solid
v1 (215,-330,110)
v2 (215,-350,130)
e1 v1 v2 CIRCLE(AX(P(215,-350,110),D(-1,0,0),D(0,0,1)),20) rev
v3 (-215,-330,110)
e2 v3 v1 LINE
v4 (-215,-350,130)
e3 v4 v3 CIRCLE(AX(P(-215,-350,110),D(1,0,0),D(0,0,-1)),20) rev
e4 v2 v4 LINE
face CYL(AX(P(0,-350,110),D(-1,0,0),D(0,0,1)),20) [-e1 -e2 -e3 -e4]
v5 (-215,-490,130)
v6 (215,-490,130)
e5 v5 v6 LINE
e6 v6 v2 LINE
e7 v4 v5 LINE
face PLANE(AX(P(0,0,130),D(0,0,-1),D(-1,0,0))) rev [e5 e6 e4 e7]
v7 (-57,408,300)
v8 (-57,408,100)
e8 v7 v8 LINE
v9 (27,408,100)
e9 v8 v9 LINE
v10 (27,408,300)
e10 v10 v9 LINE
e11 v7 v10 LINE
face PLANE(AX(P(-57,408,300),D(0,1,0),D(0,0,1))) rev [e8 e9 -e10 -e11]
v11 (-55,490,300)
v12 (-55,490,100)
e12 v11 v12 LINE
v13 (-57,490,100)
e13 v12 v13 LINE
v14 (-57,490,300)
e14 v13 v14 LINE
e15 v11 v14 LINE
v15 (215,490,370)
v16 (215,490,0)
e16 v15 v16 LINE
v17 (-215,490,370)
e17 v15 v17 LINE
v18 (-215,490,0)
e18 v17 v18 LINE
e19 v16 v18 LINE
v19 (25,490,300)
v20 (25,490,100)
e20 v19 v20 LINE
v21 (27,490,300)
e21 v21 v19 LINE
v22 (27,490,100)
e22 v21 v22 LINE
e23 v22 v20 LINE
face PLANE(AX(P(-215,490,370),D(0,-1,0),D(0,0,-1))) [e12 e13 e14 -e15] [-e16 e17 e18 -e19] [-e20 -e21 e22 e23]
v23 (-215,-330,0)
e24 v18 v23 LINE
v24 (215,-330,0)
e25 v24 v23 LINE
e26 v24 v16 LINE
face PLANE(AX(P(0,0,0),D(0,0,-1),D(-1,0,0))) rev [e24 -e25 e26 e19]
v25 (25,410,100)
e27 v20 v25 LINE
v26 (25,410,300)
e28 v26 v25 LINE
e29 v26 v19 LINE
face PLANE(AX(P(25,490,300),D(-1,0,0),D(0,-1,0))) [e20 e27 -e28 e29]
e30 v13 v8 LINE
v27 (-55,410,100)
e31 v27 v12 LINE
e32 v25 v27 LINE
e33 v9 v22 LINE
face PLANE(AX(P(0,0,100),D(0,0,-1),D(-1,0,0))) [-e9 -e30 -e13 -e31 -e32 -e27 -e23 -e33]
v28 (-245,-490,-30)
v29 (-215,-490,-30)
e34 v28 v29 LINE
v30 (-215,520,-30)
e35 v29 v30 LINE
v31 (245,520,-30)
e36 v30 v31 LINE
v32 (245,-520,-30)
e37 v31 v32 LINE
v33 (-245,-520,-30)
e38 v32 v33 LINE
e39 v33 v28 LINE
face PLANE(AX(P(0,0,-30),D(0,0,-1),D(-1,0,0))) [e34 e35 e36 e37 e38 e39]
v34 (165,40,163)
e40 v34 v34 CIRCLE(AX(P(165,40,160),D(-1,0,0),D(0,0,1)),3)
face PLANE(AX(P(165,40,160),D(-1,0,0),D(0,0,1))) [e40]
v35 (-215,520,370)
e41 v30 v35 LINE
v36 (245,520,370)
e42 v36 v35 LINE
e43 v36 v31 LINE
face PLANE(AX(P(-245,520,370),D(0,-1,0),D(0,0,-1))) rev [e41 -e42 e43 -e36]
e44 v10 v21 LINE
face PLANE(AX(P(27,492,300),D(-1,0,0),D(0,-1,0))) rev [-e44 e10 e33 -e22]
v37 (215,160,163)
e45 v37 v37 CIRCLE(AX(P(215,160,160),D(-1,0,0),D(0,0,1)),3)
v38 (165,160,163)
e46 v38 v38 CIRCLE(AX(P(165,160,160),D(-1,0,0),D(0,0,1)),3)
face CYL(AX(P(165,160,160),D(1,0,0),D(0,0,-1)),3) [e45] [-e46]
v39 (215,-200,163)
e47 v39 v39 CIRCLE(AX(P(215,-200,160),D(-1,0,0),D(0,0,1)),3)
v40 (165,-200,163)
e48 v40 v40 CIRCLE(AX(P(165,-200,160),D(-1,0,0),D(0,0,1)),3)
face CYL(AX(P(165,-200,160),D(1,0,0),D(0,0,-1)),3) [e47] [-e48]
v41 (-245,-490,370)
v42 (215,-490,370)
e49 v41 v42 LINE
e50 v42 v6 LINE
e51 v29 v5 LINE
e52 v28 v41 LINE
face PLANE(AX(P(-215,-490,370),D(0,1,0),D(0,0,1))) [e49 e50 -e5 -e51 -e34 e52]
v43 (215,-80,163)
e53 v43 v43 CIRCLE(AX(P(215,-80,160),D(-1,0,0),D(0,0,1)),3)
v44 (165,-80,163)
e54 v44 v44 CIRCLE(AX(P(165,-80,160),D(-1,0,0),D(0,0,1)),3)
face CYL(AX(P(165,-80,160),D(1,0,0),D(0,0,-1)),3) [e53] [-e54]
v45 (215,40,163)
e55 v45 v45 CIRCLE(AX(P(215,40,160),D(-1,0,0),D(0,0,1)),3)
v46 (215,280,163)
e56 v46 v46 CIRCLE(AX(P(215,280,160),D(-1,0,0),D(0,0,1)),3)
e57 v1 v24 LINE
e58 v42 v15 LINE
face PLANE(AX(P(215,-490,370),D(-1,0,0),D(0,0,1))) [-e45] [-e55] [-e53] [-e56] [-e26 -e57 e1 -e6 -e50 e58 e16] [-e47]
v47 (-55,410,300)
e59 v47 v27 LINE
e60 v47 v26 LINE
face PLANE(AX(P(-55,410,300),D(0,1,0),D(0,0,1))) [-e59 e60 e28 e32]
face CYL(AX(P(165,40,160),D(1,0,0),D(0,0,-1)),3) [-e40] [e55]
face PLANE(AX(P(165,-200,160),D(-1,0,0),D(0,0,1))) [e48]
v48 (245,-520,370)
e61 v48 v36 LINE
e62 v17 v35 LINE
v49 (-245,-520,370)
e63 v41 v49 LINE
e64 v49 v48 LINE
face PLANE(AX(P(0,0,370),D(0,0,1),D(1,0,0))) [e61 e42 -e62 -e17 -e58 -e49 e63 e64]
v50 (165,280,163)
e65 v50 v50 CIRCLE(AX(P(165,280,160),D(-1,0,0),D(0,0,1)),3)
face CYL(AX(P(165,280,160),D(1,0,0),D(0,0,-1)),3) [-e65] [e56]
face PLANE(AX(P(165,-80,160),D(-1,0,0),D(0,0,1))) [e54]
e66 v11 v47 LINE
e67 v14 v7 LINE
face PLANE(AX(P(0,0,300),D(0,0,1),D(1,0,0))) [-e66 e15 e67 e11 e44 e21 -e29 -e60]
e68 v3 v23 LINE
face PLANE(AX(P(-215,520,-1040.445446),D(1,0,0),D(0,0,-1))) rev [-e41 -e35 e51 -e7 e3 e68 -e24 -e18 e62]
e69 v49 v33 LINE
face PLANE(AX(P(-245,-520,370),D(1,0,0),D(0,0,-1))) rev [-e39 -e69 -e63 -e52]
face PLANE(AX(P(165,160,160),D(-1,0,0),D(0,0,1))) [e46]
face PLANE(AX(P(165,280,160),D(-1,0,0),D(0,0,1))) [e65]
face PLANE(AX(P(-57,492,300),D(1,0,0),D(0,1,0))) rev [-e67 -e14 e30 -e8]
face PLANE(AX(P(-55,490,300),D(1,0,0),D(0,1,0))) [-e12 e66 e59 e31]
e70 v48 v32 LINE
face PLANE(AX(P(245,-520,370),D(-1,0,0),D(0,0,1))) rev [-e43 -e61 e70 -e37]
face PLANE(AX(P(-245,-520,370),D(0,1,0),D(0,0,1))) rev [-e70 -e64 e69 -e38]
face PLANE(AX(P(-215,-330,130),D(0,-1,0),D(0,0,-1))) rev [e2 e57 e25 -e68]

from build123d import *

# Parameters (mm, degrees)
SKETCH1_W           = 490
SKETCH1_H           = 1040
SKETCH1_W_2         = 430
SKETCH1_H_2         = 980
BOSS_EXTRUDE1_DEPTH = 370
SKETCH2_W           = 490
SKETCH2_H           = 1040
BOSS_EXTRUDE2_DEPTH = 30
SKETCH3_W           = 430
SKETCH3_H           = 160
BOSS_EXTRUDE3_DEPTH = 130
FILLET1_R           = 20
SKETCH5_W           = 30
SKETCH5_H           = 1010
CUT_EXTRUDE2_DEPTH  = 400
SKETCH7_R           = 3
BOSS_EXTRUDE4_DEPTH = 50
SKETCH8_W           = 84
SKETCH8_H           = 84
SKETCH8_W_2         = 80
SKETCH8_H_2         = 80
BOSS_EXTRUDE5_DEPTH = 300
SKETCH9_W           = 84
SKETCH9_H           = 82
CUT_EXTRUDE3_DEPTH  = 100


with BuildPart() as part:
    # Sketch1 → Boss-Extrude1 (new body)
    with BuildSketch(Plane.XY):
        Rectangle(SKETCH1_W, SKETCH1_H)
        Rectangle(SKETCH1_W_2, SKETCH1_H_2, mode=Mode.SUBTRACT)
    extrude(amount=BOSS_EXTRUDE1_DEPTH)

    # Sketch2 → Boss-Extrude2 (add)
    with BuildSketch(Plane(origin=(0, 0, 0), x_dir=(-1, 0, 0), z_dir=(0, 0, -1))):
        Rectangle(SKETCH2_W, SKETCH2_H)
    extrude(amount=BOSS_EXTRUDE2_DEPTH)

    # Sketch3 → Boss-Extrude3 (add)
    with BuildSketch(Plane.XY):
        with Locations((0, -410)):
            Rectangle(SKETCH3_W, SKETCH3_H)
    extrude(amount=BOSS_EXTRUDE3_DEPTH)

    # Fillet1
    fillet1_edges = [part.edges().sort_by_distance(p)[0] for p in [
        (0, -330, 130),
    ]]
    fillet(fillet1_edges, radius=FILLET1_R)

    # Sketch5 → Cut-Extrude2 (cut)
    with BuildSketch(Plane.XY.offset(370)):
        with Locations((-230, 15)):
            Rectangle(SKETCH5_W, SKETCH5_H)
    extrude(amount=-CUT_EXTRUDE2_DEPTH, mode=Mode.SUBTRACT)

    # Sketch7 → Boss-Extrude4 (add)
    with BuildSketch(Plane.ZY.offset(-215)):
        with Locations((160, 280)):
            Circle(SKETCH7_R)
        with Locations((160, 160)):
            Circle(SKETCH7_R)
        with Locations((160, 40)):
            Circle(SKETCH7_R)
        with Locations((160, -80)):
            Circle(SKETCH7_R)
        with Locations((160, -200)):
            Circle(SKETCH7_R)
    extrude(amount=BOSS_EXTRUDE4_DEPTH)

    # Sketch8 → Boss-Extrude5 (add)
    with BuildSketch(Plane.XY):
        with Locations((-15, 450)):
            Rectangle(SKETCH8_W, SKETCH8_H)
        with Locations((-15, 450)):
            Rectangle(SKETCH8_W_2, SKETCH8_H_2, mode=Mode.SUBTRACT)
    extrude(amount=BOSS_EXTRUDE5_DEPTH)

    # Sketch9 → Cut-Extrude3 (cut)
    with BuildSketch(Plane.XY):
        with Locations((-15, 449)):
            Rectangle(SKETCH9_W, SKETCH9_H)
    extrude(amount=CUT_EXTRUDE3_DEPTH, mode=Mode.SUBTRACT)


solid = part.part
